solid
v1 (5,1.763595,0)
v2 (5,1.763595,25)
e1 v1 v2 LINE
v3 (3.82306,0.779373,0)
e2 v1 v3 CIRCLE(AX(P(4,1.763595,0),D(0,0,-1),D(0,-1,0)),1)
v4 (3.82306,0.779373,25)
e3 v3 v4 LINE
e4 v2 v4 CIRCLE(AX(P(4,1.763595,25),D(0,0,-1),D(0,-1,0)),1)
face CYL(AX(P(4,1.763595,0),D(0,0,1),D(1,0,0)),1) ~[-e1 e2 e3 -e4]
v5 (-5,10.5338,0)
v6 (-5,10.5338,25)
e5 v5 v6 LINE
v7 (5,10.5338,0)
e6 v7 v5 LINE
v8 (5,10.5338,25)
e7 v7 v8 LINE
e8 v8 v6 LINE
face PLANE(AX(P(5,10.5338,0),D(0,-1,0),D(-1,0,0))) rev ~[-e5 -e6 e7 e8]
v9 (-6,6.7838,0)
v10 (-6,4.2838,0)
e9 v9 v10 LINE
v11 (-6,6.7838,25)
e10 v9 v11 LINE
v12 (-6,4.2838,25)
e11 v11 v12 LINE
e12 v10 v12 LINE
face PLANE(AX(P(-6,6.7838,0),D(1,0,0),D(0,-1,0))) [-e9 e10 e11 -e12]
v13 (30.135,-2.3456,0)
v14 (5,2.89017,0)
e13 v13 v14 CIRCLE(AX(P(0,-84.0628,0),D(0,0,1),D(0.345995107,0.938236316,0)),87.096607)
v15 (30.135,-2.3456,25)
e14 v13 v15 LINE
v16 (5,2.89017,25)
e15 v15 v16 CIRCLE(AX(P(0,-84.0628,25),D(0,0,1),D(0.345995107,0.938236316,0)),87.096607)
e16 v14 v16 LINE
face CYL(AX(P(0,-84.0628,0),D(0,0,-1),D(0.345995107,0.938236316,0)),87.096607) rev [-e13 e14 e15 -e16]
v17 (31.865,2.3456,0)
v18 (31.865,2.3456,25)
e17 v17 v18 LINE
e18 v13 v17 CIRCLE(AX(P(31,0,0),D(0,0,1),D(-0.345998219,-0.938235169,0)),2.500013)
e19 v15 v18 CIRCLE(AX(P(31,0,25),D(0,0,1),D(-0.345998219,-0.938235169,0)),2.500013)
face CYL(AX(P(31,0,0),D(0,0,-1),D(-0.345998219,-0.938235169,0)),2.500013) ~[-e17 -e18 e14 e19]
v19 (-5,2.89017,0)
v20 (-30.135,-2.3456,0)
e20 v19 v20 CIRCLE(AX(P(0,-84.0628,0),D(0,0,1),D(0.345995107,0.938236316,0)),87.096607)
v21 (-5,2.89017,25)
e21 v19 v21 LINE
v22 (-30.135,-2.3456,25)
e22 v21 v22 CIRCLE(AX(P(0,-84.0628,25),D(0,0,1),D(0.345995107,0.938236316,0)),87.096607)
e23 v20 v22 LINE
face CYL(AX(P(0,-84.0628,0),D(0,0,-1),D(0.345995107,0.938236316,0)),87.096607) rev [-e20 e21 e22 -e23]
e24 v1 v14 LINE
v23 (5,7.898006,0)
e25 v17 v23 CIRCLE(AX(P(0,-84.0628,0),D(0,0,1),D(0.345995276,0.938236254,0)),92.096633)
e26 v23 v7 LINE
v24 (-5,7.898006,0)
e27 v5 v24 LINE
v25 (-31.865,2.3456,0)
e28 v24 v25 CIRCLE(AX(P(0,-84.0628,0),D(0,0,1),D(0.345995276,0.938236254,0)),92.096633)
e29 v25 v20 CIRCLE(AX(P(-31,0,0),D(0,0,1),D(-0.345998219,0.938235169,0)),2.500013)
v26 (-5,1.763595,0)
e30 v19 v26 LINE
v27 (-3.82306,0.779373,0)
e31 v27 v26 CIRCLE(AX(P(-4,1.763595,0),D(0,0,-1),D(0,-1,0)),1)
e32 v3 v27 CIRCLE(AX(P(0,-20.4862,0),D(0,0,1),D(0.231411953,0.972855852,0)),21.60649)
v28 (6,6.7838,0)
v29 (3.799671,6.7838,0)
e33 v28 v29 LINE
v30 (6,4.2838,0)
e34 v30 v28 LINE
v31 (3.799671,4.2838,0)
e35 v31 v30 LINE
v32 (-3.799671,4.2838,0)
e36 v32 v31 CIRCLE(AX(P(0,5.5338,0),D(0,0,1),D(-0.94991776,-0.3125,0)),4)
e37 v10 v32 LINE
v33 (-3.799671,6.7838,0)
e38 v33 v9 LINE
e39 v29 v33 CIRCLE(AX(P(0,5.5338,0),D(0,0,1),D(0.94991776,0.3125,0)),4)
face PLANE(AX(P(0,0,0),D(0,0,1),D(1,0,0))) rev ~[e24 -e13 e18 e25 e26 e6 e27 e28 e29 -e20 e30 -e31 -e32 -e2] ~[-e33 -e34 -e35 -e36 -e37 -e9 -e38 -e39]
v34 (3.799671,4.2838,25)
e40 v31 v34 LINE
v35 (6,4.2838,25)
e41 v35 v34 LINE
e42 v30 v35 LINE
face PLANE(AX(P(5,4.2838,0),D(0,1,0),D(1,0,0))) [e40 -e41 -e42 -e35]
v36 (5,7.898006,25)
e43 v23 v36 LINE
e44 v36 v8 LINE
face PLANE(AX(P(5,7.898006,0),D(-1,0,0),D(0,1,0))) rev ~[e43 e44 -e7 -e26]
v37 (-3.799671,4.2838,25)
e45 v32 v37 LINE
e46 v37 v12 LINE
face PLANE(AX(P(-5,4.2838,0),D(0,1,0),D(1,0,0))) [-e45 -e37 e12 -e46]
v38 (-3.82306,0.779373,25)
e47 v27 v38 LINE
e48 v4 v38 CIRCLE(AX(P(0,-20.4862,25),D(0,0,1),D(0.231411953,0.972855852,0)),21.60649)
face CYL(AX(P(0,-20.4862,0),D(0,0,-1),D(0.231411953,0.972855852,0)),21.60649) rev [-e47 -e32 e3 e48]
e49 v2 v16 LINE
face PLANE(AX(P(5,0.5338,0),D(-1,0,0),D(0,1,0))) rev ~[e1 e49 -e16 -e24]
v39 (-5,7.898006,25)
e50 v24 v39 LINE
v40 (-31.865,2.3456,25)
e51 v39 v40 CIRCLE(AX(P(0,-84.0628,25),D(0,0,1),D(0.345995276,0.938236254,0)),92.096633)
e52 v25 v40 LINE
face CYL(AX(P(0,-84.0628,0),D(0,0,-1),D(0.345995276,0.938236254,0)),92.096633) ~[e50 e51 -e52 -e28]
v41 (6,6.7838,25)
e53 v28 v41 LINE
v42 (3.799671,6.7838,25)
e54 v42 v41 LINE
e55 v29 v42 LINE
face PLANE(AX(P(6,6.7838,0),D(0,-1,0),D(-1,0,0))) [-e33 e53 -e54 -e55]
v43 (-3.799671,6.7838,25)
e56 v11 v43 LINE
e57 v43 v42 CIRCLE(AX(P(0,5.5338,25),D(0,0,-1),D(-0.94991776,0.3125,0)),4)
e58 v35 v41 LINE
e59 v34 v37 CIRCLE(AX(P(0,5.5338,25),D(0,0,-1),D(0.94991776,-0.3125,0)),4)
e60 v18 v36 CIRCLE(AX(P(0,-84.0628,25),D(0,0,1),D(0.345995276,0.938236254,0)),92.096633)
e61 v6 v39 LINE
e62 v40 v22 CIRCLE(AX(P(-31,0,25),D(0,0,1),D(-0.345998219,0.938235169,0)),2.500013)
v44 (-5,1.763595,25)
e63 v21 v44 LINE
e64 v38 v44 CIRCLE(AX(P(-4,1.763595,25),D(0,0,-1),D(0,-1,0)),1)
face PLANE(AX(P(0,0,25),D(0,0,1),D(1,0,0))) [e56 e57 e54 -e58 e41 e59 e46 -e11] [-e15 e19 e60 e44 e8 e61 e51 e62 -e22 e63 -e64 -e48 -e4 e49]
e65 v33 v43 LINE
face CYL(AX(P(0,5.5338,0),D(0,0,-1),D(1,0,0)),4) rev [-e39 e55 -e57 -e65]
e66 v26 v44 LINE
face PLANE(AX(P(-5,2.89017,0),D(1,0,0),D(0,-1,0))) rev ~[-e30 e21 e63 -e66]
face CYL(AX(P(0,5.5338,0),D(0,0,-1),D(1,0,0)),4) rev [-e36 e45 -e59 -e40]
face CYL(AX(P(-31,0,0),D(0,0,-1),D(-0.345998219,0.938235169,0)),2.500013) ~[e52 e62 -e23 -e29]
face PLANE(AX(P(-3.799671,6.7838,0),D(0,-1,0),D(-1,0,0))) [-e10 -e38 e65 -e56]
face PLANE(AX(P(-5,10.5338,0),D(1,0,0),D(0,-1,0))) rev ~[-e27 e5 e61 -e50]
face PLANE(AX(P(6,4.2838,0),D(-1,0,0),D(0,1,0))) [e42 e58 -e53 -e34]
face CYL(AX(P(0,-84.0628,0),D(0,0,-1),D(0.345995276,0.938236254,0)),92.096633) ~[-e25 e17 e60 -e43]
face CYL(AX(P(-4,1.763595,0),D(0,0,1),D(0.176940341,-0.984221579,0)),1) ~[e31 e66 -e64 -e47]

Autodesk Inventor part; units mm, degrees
ref_plane "YZ Plane" through (0, 0, 0) normal (1, 0, 0) x (0, 1, 0)
ref_plane "XZ Plane" through (0, 0, 0) normal (0, 1, 0) x (-1, 0, 0)
ref_plane "XY Plane" through (0, 0, 0) normal (0, 0, 1) x (1, 0, 0)
sketch "Sketch1" plane through (0, 0, 0) normal (0, 0, 1) x (1, 0, 0)
  arc A0 (31, 0) -> (-31, 0) centre (0, -84.0628) ccw construction
  arc A1 (31.865, 2.3456) -> (-31.865, 2.3456) centre (0, -84.0628) ccw
  arc A2 (30.135, -2.3456) -> (-30.135, -2.3456) centre (0, -84.0628) ccw
  arc A3 (30.135, -2.3456) -> (31.865, 2.3456) centre (31, 0) ccw
  arc A4 (-31.865, 2.3456) -> (-30.135, -2.3456) centre (-31, 0) ccw
  line L0 (5, 0.5338) -> (5, 10.5338)
  line L1 (5, 10.5338) -> (-5, 10.5338)
  line L2 (-5, 10.5338) -> (-5, 0.5338)
  line L3 (-5, 0.5338) -> (5, 10.5338) construction
  line L4 (5, 0.5338) -> (-5, 10.5338) construction
  circle A5 centre (0, 5.5338) radius 4
  line L5 (-6, 4.2838) -> (6, 4.2838)
  line L6 (6, 4.2838) -> (6, 6.7838)
  line L7 (6, 6.7838) -> (-6, 6.7838)
  line L8 (-6, 6.7838) -> (-6, 4.2838)
  arc A6 (5, 0.5338) -> (-5, 0.5338) centre (0, -20.4862) ccw
  point P0 (0, 0)
  point P1 (3.7997, 4.2838)
  point P2 (-3.7997, 4.2838)
  point P3 (-3.7997, 6.7838)
  point P4 (3.7997, 6.7838)
  point P5 (5, 2.8902)
  point P6 (5, 7.898)
  point P7 (-5, 7.898)
  point P8 (-5, 2.8902)
  point P9 (3.0781, 2.9794)
  point P10 (-3.0781, 2.9794)
  dimension "d0" = 62
  dimension "d1" = 5
  dimension "d2" = 87.0966
  dimension "d3" = 10
  dimension "d4" = 10
  dimension "d5" = 8
  dimension "d6" = 12
  dimension "d7" = 2.5
  dimension "d8" = 1.25
extrude "Extrusion1" add sketch "Sketch1" along normal blind 25 contours A3 A2 L0 L5 L6 L7 A1 | L0 L7 A5 A1 | A1 A5 L2 L1 L0 | L0 A6 L2 A2 A5 | A2 A5 L5 L0 | A5 L7 L2 A1 | L2 L7 L8 L5 A2 A4 A1 | A2 L2 L5 A5
fillet "Fillet2" radius 1 1 edges at (5, 0.5338, 12.5)
fillet "Fillet3" radius 1 1 edges at (-5, 0.5338, 12.5)
properties part number "sorter_3DPrint"
